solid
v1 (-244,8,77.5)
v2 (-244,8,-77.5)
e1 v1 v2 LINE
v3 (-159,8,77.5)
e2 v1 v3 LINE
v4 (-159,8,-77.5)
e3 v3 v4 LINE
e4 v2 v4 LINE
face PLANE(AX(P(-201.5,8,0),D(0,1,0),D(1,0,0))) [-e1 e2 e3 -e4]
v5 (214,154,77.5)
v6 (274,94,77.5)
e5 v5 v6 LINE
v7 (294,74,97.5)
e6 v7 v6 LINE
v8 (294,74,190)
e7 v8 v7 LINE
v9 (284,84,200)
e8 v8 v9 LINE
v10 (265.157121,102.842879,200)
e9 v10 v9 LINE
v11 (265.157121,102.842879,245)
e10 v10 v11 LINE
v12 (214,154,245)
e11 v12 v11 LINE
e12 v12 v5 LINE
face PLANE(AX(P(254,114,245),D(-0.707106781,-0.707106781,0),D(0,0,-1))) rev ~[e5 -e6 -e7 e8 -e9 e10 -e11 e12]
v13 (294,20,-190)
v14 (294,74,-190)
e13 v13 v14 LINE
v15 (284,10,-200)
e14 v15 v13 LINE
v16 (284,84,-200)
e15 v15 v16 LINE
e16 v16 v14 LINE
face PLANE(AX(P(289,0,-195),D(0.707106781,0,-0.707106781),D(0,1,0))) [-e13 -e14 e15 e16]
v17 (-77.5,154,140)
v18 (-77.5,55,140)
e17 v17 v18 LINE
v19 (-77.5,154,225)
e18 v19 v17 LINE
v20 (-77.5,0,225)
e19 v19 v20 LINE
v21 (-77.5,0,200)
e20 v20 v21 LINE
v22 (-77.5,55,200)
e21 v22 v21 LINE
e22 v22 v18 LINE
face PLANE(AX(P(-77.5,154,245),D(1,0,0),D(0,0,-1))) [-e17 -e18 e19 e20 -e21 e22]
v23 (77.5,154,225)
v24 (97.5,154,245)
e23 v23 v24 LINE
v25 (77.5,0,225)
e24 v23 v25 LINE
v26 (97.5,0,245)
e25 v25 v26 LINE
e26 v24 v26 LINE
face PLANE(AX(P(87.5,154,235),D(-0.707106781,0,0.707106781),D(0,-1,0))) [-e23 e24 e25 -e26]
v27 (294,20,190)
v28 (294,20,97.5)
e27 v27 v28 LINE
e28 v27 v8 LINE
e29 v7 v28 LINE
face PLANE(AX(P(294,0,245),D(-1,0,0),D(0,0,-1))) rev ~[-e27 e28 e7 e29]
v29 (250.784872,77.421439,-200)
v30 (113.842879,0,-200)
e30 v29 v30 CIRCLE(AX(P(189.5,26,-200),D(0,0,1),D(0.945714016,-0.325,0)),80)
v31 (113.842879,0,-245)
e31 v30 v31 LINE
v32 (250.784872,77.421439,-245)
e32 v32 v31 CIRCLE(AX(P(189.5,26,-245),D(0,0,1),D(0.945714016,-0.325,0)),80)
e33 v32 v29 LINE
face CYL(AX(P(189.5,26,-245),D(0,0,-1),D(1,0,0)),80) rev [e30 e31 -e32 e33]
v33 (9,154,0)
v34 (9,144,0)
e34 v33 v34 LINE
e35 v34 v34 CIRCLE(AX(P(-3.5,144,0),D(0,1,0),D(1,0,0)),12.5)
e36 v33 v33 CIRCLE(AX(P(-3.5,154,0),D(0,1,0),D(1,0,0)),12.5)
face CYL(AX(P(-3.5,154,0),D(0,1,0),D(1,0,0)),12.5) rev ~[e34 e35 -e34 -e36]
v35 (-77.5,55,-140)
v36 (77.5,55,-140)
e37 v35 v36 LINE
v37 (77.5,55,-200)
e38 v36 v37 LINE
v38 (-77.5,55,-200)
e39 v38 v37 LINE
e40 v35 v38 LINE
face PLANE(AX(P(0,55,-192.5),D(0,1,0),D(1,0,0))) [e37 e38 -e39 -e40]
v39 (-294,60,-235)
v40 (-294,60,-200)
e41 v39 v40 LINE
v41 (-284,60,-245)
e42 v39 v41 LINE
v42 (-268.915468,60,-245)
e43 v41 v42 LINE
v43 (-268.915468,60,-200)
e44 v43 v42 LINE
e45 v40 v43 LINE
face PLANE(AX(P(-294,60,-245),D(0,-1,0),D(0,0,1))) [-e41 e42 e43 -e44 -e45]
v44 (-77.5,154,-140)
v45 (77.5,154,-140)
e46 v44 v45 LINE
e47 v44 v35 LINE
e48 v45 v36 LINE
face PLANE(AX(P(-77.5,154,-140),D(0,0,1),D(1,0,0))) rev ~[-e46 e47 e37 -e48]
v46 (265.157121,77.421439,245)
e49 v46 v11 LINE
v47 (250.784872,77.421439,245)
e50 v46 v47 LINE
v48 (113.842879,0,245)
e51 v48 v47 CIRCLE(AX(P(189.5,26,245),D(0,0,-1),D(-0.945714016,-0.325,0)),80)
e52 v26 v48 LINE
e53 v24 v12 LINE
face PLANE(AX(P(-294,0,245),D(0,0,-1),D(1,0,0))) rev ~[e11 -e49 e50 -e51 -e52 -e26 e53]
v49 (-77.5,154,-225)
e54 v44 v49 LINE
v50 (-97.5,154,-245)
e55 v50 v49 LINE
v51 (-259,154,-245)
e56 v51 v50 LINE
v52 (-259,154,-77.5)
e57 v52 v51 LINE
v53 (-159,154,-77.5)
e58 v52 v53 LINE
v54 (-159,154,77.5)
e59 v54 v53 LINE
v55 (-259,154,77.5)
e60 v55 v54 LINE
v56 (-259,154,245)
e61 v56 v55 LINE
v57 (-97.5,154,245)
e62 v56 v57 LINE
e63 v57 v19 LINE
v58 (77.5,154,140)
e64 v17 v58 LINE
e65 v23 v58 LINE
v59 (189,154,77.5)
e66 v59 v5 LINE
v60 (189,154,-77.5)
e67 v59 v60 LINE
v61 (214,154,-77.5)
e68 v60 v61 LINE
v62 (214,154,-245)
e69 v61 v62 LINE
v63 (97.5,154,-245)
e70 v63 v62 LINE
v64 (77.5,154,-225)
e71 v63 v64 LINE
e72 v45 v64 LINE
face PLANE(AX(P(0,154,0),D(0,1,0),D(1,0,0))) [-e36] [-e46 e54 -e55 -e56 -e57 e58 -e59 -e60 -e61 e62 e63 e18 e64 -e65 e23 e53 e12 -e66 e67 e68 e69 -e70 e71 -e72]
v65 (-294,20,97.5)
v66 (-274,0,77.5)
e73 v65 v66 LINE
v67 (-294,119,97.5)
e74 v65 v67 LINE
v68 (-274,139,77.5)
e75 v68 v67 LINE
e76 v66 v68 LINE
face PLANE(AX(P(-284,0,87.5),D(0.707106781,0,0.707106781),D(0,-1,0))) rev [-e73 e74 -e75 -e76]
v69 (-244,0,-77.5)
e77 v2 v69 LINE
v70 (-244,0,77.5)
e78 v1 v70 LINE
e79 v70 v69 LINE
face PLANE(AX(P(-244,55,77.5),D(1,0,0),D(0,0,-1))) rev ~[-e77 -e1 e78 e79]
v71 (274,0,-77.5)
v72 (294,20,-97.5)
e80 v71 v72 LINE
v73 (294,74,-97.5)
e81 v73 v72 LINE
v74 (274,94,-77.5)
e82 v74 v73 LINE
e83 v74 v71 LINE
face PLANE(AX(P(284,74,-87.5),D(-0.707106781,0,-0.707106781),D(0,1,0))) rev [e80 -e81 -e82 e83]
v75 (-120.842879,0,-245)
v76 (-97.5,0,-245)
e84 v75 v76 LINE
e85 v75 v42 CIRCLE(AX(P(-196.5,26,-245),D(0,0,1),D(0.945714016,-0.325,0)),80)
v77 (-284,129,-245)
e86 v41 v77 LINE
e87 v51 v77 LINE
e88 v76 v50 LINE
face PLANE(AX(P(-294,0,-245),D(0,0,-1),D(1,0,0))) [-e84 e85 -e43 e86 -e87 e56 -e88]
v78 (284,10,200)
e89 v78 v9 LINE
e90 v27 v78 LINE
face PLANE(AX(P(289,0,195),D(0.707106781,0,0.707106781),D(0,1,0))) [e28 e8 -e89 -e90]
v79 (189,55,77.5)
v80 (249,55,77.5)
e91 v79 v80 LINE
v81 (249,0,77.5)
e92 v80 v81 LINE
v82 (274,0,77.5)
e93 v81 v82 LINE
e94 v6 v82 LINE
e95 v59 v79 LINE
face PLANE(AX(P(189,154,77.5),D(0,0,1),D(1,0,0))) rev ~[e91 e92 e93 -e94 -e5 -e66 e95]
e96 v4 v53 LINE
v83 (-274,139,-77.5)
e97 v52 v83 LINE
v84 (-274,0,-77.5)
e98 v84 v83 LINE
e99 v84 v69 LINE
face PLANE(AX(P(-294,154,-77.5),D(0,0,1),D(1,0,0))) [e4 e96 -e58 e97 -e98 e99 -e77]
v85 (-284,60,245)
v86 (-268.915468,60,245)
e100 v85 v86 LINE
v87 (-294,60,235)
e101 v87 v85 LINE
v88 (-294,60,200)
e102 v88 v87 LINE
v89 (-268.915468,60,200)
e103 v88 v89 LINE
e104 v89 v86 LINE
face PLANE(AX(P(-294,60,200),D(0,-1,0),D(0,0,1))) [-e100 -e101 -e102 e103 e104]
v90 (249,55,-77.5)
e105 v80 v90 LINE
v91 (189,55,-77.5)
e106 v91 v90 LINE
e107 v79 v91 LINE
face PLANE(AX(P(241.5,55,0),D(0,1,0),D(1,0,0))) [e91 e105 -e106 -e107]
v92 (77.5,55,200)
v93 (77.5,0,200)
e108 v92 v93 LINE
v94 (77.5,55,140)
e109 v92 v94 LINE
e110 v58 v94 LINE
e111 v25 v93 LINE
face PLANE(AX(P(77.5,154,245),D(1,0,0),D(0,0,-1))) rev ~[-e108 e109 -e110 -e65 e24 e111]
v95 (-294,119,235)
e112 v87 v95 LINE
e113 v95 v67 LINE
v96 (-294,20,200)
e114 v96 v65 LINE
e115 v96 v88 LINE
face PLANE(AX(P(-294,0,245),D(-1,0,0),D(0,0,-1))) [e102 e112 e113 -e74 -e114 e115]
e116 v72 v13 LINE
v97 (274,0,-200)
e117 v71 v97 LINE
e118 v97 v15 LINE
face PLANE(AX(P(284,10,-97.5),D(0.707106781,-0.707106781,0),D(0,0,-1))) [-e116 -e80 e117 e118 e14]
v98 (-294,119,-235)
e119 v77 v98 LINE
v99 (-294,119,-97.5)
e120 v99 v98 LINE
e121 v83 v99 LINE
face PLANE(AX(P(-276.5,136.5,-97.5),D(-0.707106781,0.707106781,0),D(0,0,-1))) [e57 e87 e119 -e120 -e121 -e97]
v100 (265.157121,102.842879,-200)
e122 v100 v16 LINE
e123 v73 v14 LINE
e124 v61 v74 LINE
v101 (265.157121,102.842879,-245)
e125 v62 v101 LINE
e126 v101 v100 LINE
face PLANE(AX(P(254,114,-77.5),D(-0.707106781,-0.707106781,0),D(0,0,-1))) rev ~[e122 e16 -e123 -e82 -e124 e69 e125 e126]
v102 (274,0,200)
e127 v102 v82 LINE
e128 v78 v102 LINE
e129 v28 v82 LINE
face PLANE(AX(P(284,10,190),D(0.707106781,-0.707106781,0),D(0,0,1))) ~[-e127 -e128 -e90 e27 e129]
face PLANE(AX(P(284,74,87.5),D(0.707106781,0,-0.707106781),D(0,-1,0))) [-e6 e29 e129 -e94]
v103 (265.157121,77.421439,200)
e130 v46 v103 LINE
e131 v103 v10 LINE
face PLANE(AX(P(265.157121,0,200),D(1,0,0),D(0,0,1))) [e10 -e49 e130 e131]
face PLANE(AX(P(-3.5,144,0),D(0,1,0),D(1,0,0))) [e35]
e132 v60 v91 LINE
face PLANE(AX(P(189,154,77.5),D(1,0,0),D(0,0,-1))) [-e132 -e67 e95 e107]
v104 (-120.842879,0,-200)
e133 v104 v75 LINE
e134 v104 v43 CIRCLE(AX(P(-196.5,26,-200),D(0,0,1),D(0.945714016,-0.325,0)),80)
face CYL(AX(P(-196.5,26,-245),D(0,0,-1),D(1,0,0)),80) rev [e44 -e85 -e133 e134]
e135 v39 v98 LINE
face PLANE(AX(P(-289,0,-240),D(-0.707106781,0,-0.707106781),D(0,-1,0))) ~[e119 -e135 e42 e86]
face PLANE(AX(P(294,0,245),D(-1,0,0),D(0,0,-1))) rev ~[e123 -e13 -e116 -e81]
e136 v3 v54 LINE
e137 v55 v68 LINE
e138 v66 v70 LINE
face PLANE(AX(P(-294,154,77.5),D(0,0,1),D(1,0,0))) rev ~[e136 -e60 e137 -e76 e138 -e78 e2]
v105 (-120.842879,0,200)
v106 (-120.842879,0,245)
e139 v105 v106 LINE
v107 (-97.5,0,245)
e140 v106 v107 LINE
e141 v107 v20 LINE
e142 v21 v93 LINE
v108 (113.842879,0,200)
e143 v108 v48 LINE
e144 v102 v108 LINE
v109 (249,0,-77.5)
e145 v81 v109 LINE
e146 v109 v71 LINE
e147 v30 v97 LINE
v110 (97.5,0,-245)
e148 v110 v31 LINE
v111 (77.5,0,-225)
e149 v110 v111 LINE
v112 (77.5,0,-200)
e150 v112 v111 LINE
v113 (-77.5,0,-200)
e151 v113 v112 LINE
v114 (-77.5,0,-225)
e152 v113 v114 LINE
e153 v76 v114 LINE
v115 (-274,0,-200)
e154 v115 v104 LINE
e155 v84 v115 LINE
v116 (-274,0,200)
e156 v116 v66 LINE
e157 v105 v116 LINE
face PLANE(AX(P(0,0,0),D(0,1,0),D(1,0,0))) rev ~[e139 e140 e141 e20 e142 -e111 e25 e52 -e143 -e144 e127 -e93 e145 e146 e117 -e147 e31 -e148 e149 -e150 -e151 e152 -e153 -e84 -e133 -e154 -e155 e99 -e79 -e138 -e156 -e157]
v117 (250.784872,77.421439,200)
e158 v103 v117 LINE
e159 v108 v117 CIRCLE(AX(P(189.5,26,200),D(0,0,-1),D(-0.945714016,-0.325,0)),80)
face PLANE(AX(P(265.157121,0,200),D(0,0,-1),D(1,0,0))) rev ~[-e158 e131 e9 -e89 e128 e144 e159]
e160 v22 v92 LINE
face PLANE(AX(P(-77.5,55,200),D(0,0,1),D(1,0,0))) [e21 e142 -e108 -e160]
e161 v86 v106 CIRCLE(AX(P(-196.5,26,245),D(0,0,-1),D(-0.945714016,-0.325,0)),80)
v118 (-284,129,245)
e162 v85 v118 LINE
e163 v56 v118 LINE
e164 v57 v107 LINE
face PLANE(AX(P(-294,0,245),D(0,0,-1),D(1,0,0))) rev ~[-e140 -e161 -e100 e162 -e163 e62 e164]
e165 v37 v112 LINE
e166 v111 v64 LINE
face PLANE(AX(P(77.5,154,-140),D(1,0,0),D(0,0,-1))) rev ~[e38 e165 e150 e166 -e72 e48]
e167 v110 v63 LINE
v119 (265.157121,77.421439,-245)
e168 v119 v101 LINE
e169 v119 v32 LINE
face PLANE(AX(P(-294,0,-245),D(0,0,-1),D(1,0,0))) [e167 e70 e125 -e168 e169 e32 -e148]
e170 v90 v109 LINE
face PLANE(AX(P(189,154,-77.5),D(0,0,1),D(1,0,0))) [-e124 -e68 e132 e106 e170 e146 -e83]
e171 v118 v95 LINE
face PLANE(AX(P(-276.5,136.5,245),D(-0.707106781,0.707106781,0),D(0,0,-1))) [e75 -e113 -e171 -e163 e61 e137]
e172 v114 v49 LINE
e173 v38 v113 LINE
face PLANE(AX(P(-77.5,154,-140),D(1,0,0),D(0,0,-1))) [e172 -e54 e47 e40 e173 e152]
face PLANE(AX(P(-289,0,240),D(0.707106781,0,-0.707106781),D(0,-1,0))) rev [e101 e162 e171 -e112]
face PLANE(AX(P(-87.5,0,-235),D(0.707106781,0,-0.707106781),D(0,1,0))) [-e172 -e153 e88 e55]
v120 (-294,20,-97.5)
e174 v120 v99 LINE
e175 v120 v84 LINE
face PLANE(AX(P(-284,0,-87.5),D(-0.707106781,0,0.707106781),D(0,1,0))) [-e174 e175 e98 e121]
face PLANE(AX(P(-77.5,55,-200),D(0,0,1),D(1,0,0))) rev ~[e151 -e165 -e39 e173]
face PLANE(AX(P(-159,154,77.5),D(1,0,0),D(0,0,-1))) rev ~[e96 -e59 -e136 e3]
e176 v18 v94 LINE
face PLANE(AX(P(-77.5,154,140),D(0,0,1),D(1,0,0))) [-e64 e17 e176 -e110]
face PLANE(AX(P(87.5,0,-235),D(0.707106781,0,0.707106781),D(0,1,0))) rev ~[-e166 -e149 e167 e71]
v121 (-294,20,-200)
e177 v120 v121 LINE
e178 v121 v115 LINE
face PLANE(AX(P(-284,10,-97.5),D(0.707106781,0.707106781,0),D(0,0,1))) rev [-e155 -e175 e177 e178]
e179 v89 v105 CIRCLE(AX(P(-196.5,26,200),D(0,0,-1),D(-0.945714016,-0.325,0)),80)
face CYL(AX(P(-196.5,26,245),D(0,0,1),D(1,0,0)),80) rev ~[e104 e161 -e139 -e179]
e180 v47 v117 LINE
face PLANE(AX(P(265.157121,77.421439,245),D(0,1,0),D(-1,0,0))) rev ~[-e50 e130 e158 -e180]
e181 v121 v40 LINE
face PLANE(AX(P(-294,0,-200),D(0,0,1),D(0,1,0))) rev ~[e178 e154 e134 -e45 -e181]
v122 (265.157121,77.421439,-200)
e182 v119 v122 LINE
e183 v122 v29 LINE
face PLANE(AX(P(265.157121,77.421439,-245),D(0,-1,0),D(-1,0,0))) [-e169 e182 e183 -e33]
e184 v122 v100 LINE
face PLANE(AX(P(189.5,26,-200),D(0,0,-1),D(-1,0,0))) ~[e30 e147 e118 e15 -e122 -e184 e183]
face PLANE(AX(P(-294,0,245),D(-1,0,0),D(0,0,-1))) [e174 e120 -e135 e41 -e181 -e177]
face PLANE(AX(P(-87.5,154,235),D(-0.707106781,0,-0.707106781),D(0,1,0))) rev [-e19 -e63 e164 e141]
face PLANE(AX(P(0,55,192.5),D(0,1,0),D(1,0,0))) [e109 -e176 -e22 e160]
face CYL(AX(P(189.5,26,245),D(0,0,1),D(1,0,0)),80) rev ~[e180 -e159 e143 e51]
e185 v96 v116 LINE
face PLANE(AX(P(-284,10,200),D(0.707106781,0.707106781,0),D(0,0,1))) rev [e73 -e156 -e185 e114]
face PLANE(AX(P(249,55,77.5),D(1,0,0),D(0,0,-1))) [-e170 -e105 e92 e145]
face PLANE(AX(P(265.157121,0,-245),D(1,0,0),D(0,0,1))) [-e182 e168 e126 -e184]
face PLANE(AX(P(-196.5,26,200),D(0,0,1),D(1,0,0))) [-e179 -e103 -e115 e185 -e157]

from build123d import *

# Parameters (mm, degrees)
SKETCH_1_W          = 588
SKETCH_1_H          = 490
EXTRUDE_1_DEPTH     = 154
SKETCH_2_R          = 80
CUT_EXTRUDE_1_DEPTH = 45
SKETCH_3_W          = 155
SKETCH_3_H          = 105
SKETCH_3_W_2        = 105
SKETCH_3_H_2        = 155
SKETCH_3_W_3        = 135
CUT_EXTRUDE_2_DEPTH = 99
CHAMFER_1_SIZE      = 80
SKETCH_4_W          = 45
SKETCH_4_H          = 155
SKETCH_4_W_2        = 155
SKETCH_4_H_2        = 45
SKETCH_4_W_3        = 50
CUT_EXTRUDE_3_DEPTH = 56
CHAMFER_2_SIZE      = 20
CHAMFER_3_SIZE      = 35
SKETCH_5_W          = 85
SKETCH_5_H          = 155
CUT_EXTRUDE_4_DEPTH = 47
SKETCH_6_R          = 12.5
CUT_EXTRUDE_5_DEPTH = 10
CHAMFER_4_SIZE      = 10
SKETCH_7_W          = 28.842878722
SKETCH_7_H          = 45
CUT_EXTRUDE_6_DEPTH = 155
CHAMFER_6_SIZE      = 10
CUT_EXTRUDE_7_DEPTH = 45
CUT_EXTRUDE_START   = -490
CUT_EXTRUDE_8_DEPTH = 45
SKETCH_9_W          = 45
SKETCH_9_H          = 60
CUT_EXTRUDE_9_DEPTH = 50
CHAMFER_7_SIZE      = 20


with BuildPart() as part:
    # 草图1 → 凸台-拉伸1 (new body)
    with BuildSketch(Plane(origin=(0, 0, 0), x_dir=(1, 0, 0), z_dir=(0, 1, 0))):
        Rectangle(SKETCH_1_W, SKETCH_1_H)
    extrude(amount=EXTRUDE_1_DEPTH)

    # 草图2 → 切除-拉伸1 (cut)
    with BuildSketch(Plane.XY.offset(245)):
        with Locations((-196.5, 26)):
            Circle(SKETCH_2_R)
        with Locations((189.5, 26)):
            Circle(SKETCH_2_R)
    cut_extrude_1 = extrude(amount=-CUT_EXTRUDE_1_DEPTH, mode=Mode.SUBTRACT)

    # 镜向1: 切除-拉伸1 across plane
    add(cut_extrude_1.mirror(Plane.XY), mode=Mode.SUBTRACT)

    # 草图3 → 切除-拉伸2 (cut)
    with BuildSketch(Plane(origin=(0, 154, 0), x_dir=(1, 0, 0), z_dir=(0, 1, 0))):
        with Locations((0, -192.5)):
            Rectangle(SKETCH_3_W, SKETCH_3_H)
        with Locations((241.5, 0)):
            Rectangle(SKETCH_3_W_2, SKETCH_3_H_2)
        with Locations((0, 192.5)):
            Rectangle(SKETCH_3_W, SKETCH_3_H)
        with Locations((-226.5, 0)):
            Rectangle(SKETCH_3_W_3, SKETCH_3_H_2)
    extrude(amount=-CUT_EXTRUDE_2_DEPTH, mode=Mode.SUBTRACT)

    # 倒角1
    chamfer_1_edges = [part.edges().sort_by_distance(p)[0] for p in [
        (294, 154, 161.25),
        (294, 154, -161.25),
    ]]
    chamfer(chamfer_1_edges, length=CHAMFER_1_SIZE)

    # 草图4 → 切除-拉伸3 (cut, through all)
    with BuildSketch(Plane(origin=(0, 55, 0), x_dir=(1, 0, 0), z_dir=(0, 1, 0))):
        with Locations((271.5, 0)):
            Rectangle(SKETCH_4_W, SKETCH_4_H)
        with Locations((0, 222.5)):
            Rectangle(SKETCH_4_W_2, SKETCH_4_H_2)
        with Locations((0, -222.5)):
            Rectangle(SKETCH_4_W_2, SKETCH_4_H_2)
        with Locations((-269, 0)):
            Rectangle(SKETCH_4_W_3, SKETCH_4_H)
    extrude(amount=-CUT_EXTRUDE_3_DEPTH, mode=Mode.SUBTRACT)

    # 倒角2
    chamfer_2_edges = [part.edges().sort_by_distance(p)[0] for p in [
        (294, 37, -77.5),
        (294, 37, 77.5),
        (77.5, 77, -245),
        (-77.5, 77, -245),
        (77.5, 77, 245),
        (-77.5, 77, 245),
        (-294, 77, 77.5),
        (-294, 77, -77.5),
    ]]
    chamfer(chamfer_2_edges, length=CHAMFER_2_SIZE)

    # 倒角3
    chamfer_3_edges = [part.edges().sort_by_distance(p)[0] for p in [
        (-294, 154, 171.25),
        (-294, 154, -171.25),
    ]]
    chamfer(chamfer_3_edges, length=CHAMFER_3_SIZE)

    # 草图5 → 切除-拉伸4 (cut)
    with BuildSketch(Plane(origin=(0, 55, 0), x_dir=(1, 0, 0), z_dir=(0, 1, 0))):
        with Locations((-201.5, 0)):
            Rectangle(SKETCH_5_W, SKETCH_5_H)
    extrude(amount=-CUT_EXTRUDE_4_DEPTH, mode=Mode.SUBTRACT)

    # 草图6 → 切除-拉伸5 (cut)
    with BuildSketch(Plane(origin=(0, 154, 0), x_dir=(1, 0, 0), z_dir=(0, 1, 0))):
        with Locations((-3.5, 0)):
            Circle(SKETCH_6_R)
    extrude(amount=-CUT_EXTRUDE_5_DEPTH, mode=Mode.SUBTRACT)

    # 倒角4
    chamfer_4_edges = [part.edges().sort_by_distance(p)[0] for p in [
        (-294, 59.5, 245),
        (-294, 59.5, -245),
    ]]
    chamfer(chamfer_4_edges, length=CHAMFER_4_SIZE)

    # 草图7 → 切除-拉伸6 (cut, through all)
    with BuildSketch(Plane.XZ):
        with Locations((279.578560639, 222.5)):
            Rectangle(SKETCH_7_W, SKETCH_7_H)
        with Locations((279.578560639, -222.5)):
            Rectangle(SKETCH_7_W, SKETCH_7_H)
    extrude(amount=-CUT_EXTRUDE_6_DEPTH, mode=Mode.SUBTRACT)

    # 倒角6
    chamfer_6_edges = [part.edges().sort_by_distance(p)[0] for p in [
        (294, 37, 200),
        (294, 37, -200),
    ]]
    chamfer(chamfer_6_edges, length=CHAMFER_6_SIZE)

    # 草图8 → 切除-拉伸7 (cut)
    with BuildSketch(Plane.XY.offset(245)):
        with BuildLine():
            Line((265.157121278, 77.421439361), (250.78487231, 77.421439361))
            ThreePointArc((250.78487231, 77.421439361), (259.140791184, 65.372073901), (265.157121278, 52))
            Line((265.157121278, 52), (265.157121278, 77.421439361))
        make_face()
    extrude(amount=-CUT_EXTRUDE_7_DEPTH, mode=Mode.SUBTRACT)

    # 草图8<2> → 切除-拉伸8 (cut)
    with BuildSketch(Plane.XY.offset(245).offset(CUT_EXTRUDE_START)):
        with BuildLine():
            Line((265.157121278, 77.421439361), (250.78487231, 77.421439361))
            ThreePointArc((250.78487231, 77.421439361), (259.140791184, 65.372073901), (265.157121278, 52))
            Line((265.157121278, 52), (265.157121278, 77.421439361))
        make_face()
    extrude(amount=CUT_EXTRUDE_8_DEPTH, mode=Mode.SUBTRACT)

    # 草图9 → 切除-拉伸9 (cut)
    with BuildSketch(Plane.ZY.offset(294)):
        with Locations((222.5, 30)):
            Rectangle(SKETCH_9_W, SKETCH_9_H)
        with Locations((-222.5, 30)):
            Rectangle(SKETCH_9_W, SKETCH_9_H)
    extrude(amount=-CUT_EXTRUDE_9_DEPTH, mode=Mode.SUBTRACT)

    # 倒角7
    chamfer_7_edges = [part.edges().sort_by_distance(p)[0] for p in [
        (-294, 0, -148.75),
        (-294, 0, 148.75),
        (294, 0, -143.75),
        (294, 0, 143.75),
    ]]
    chamfer(chamfer_7_edges, length=CHAMFER_7_SIZE)


solid = part.part
